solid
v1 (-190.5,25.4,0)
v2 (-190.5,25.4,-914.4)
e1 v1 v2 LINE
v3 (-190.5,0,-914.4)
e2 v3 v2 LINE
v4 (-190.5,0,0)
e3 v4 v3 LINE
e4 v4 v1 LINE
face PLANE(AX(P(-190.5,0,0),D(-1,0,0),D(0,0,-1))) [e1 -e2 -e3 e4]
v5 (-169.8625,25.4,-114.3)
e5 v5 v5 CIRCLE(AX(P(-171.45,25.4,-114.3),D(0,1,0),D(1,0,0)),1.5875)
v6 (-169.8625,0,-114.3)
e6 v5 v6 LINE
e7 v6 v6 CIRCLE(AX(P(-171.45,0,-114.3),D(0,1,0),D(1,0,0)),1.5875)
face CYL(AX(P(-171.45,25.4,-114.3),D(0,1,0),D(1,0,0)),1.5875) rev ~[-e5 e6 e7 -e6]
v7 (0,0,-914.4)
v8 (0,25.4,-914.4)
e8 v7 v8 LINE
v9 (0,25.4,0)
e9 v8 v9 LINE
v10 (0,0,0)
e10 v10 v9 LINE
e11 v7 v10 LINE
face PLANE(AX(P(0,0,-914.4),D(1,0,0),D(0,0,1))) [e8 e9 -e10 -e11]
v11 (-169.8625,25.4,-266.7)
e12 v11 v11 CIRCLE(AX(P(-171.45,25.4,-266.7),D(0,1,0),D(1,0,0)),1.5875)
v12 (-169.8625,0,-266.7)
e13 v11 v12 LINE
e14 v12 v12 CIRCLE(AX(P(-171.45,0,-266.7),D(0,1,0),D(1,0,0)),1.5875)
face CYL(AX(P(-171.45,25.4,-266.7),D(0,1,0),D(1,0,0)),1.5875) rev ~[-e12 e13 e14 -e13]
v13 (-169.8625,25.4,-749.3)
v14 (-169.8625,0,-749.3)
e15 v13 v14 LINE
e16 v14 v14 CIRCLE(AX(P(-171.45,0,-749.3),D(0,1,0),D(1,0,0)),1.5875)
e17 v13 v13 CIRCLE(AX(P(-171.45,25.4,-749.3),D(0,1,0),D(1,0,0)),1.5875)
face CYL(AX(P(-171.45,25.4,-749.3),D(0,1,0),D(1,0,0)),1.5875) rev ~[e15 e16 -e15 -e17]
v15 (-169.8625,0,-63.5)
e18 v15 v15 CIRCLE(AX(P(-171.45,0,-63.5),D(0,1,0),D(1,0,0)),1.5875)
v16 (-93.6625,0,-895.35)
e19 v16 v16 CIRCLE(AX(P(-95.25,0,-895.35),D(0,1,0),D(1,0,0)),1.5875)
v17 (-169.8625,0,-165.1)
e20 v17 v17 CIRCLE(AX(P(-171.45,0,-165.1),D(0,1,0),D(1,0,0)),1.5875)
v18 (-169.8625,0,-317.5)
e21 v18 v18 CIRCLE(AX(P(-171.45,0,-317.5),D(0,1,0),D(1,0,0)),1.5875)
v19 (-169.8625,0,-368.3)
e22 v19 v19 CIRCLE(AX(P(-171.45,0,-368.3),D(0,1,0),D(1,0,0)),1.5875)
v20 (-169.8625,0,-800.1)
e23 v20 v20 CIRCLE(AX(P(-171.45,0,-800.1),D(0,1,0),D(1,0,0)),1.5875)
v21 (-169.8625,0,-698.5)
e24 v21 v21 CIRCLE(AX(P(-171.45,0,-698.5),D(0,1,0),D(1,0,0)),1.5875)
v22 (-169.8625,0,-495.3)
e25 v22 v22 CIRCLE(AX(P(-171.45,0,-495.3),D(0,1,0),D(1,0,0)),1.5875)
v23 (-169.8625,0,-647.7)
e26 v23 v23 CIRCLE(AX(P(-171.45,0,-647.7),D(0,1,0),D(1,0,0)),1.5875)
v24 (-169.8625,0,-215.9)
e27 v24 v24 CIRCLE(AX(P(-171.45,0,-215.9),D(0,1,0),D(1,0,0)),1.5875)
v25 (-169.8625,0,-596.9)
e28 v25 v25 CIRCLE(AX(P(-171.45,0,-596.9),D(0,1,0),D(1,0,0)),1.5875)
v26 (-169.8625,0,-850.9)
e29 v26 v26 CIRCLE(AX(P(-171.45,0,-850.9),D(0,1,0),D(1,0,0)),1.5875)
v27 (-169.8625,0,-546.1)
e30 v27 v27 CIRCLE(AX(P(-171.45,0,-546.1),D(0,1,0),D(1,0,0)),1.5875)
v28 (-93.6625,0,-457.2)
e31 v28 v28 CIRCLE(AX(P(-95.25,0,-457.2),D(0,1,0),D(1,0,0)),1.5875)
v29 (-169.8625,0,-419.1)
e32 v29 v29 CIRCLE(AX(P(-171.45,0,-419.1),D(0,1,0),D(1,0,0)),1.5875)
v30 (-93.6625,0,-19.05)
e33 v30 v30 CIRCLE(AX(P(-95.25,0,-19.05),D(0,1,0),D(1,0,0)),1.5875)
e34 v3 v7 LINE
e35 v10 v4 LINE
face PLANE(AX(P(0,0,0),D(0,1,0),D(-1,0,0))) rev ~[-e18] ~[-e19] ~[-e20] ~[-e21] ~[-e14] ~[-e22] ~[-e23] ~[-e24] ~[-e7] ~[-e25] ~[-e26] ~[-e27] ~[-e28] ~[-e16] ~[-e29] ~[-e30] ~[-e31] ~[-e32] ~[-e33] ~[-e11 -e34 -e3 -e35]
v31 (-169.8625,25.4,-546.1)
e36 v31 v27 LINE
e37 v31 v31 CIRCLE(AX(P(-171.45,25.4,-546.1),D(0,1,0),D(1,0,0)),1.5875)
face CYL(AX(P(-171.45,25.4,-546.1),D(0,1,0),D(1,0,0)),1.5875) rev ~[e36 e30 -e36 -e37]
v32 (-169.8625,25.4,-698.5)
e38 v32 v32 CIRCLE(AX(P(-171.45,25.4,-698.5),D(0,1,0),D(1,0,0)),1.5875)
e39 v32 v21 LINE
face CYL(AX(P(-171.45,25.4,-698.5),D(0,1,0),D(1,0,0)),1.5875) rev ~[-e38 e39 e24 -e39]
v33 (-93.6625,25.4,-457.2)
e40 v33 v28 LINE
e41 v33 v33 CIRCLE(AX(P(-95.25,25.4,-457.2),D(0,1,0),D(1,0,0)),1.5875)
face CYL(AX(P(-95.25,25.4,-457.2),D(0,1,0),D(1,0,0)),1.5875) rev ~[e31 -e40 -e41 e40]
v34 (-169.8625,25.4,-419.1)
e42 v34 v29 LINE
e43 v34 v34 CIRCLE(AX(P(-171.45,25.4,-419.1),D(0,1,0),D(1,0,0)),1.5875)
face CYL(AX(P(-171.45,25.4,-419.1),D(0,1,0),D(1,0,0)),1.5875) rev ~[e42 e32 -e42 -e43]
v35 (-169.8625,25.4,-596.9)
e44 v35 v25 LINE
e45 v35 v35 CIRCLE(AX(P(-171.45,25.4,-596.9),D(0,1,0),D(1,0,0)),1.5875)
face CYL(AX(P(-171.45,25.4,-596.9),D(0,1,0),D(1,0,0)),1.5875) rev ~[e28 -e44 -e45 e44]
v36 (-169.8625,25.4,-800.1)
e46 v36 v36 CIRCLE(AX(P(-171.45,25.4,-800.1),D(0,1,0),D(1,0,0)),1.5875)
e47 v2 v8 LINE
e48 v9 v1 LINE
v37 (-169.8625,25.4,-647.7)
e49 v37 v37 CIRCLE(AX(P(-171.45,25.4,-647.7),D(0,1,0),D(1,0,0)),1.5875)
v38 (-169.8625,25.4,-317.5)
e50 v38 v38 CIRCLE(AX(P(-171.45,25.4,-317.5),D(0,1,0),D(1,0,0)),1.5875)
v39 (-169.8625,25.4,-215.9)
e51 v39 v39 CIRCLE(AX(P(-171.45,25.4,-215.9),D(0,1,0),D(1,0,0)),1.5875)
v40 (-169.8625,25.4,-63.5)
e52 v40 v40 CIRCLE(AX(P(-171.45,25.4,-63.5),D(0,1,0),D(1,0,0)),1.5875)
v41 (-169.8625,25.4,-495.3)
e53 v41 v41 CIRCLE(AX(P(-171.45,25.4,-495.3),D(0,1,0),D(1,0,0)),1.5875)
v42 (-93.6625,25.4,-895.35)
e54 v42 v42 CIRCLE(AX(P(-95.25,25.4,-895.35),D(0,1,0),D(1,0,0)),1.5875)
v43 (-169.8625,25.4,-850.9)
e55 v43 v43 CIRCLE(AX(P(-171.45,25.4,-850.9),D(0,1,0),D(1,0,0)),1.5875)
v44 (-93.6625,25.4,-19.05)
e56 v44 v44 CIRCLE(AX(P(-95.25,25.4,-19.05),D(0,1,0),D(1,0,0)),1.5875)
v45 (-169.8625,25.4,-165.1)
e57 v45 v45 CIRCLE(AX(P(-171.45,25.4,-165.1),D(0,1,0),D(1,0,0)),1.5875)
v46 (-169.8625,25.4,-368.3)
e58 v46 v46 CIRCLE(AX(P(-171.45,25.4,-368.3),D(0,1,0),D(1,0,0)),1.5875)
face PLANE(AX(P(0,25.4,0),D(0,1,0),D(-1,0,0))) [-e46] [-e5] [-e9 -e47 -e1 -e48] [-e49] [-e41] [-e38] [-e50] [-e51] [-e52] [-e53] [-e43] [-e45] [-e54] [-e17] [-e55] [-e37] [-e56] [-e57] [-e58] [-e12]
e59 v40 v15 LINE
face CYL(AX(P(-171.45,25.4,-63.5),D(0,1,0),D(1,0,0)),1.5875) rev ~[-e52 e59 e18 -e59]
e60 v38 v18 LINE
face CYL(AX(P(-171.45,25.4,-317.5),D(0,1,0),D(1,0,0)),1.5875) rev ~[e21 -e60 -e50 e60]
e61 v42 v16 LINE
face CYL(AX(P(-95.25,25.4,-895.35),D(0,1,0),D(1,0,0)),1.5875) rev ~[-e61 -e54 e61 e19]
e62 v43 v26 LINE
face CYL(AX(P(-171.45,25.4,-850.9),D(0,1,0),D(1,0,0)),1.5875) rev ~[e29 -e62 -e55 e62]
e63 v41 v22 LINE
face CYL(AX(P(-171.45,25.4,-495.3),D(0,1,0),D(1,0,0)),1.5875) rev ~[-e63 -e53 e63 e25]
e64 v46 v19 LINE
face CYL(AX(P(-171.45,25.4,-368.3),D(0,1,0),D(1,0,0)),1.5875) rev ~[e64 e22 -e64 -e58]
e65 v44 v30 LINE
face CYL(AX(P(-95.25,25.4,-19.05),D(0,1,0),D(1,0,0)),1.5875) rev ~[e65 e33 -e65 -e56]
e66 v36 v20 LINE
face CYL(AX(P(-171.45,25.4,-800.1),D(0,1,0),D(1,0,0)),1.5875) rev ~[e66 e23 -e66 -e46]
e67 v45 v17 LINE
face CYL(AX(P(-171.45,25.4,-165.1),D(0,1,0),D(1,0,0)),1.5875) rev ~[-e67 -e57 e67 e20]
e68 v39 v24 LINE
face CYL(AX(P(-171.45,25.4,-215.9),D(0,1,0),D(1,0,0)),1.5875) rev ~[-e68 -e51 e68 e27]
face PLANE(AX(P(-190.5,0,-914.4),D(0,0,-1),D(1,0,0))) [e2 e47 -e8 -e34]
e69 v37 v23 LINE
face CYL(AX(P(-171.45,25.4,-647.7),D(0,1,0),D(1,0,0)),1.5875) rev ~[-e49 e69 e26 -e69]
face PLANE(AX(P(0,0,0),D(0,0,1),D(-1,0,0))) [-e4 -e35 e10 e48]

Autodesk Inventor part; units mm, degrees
ref_plane "YZ Plane" through (0, 0, 0) normal (1, 0, 0) x (0, 1, 0)
ref_plane "XZ Plane" through (0, 0, 0) normal (0, 1, 0) x (-1, 0, 0)
ref_plane "XY Plane" through (0, 0, 0) normal (0, 0, 1) x (1, 0, 0)
sketch "Sketch1" plane through (0, 0, 0) normal (0, 1, 0) x (-1, 0, 0)
  line L0 (0, 0) -> (190.5, 0)
  line L1 (190.5, 0) -> (190.5, -914.4)
  line L2 (190.5, -914.4) -> (0, -914.4)
  line L3 (0, -914.4) -> (0, 0)
  dimension "d0" = 190.5
  dimension "d1" = 914.4
extrude "Extrusion1" add sketch "Sketch1" along normal blind 25.4
sketch "Sketch2" plane through (0, 25.4, 0) normal (0, 1, 0) x (1, 0, 0)
  line L0 (0, 914.4) -> (-190.5, 914.4) construction
  line L1 (-190.5, 914.4) -> (-190.5, 0) construction
  line L2 (-190.5, 0) -> (0, 0) construction
  line L3 (0, 0) -> (0, 914.4) construction
  line L4 (-152.4, 876.3) -> (0, 876.3) construction
  line L5 (0, 38.1) -> (-152.4, 38.1) construction
  line L6 (-152.4, 38.1) -> (-152.4, 876.3) construction
  line L7 (-152.4, 476.25) -> (0, 476.25) construction
  line L8 (0, 438.15) -> (-152.4, 438.15) construction
  line L9 (-76.2, 476.25) -> (-76.2, 438.15) construction
  line L10 (0, 914.4) -> (0, 876.3) construction
  line L11 (0, 895.35) -> (-190.5, 895.35) construction
  line L12 (-152.4, 876.3) -> (-190.5, 876.3) construction
  line L13 (-152.4, 457.2) -> (-190.5, 457.2) construction
  line L14 (-171.45, 876.3) -> (-171.45, 457.2) construction
  line L15 (0, 457.2) -> (-76.2, 457.2) construction
  line L16 (-76.2, 457.2) -> (-152.4, 457.2) construction
  circle A0 centre (-50.8, 895.35) radius 1.5875
  circle A1 centre (-95.25, 895.35) radius 1.5875
  circle A2 centre (-171.45, 850.9) radius 1.5875
  circle A3 centre (-171.45, 800.1) radius 1.5875
  circle A4 centre (-171.45, 749.3) radius 1.5875
  circle A5 centre (-171.45, 698.5) radius 1.5875
  circle A6 centre (-171.45, 647.7) radius 1.5875
  circle A7 centre (-171.45, 596.9) radius 1.5875
  circle A8 centre (-171.45, 546.1) radius 1.5875
  circle A9 centre (-171.45, 495.3) radius 1.5875
  circle A10 centre (-50.8, 457.2) radius 1.5875
  circle A11 centre (-95.25, 457.2) radius 1.5875
  circle A12 centre (-50.8, 19.05) radius 1.5875
  circle A13 centre (-95.25, 19.05) radius 1.5875
  circle A14 centre (-171.45, 63.5) radius 1.5875
  circle A15 centre (-171.45, 114.3) radius 1.5875
  circle A16 centre (-171.45, 165.1) radius 1.5875
  circle A17 centre (-171.45, 215.9) radius 1.5875
  circle A18 centre (-171.45, 266.7) radius 1.5875
  circle A19 centre (-171.45, 317.5) radius 1.5875
  circle A20 centre (-171.45, 368.3) radius 1.5875
  circle A21 centre (-171.45, 419.1) radius 1.5875
  dimension "d4" = 38.1
  dimension "d5" = 38.1
  dimension "d6" = 38.1
  dimension "d7" = 50.8
  dimension "d8" = 3.175
  dimension "d9" = 3.175
  dimension "d10" = 3.175
  dimension "d11" = 25.4
  dimension "d14" = 50.8
extrude "Extrusion2" cut sketch "Sketch2" against normal through all contours A1 | A2 | A3 | A4 | A5 | A6 | A7 | A8 | A9 | A11 | A13 | A14 | A15 | A16 | A17 | A18 | A19 | A20 | A21
equation "\"d5\" = d4"
equation "\"d6\" = d4"
properties part number "Side Panel" material "Wood (Birch)"
